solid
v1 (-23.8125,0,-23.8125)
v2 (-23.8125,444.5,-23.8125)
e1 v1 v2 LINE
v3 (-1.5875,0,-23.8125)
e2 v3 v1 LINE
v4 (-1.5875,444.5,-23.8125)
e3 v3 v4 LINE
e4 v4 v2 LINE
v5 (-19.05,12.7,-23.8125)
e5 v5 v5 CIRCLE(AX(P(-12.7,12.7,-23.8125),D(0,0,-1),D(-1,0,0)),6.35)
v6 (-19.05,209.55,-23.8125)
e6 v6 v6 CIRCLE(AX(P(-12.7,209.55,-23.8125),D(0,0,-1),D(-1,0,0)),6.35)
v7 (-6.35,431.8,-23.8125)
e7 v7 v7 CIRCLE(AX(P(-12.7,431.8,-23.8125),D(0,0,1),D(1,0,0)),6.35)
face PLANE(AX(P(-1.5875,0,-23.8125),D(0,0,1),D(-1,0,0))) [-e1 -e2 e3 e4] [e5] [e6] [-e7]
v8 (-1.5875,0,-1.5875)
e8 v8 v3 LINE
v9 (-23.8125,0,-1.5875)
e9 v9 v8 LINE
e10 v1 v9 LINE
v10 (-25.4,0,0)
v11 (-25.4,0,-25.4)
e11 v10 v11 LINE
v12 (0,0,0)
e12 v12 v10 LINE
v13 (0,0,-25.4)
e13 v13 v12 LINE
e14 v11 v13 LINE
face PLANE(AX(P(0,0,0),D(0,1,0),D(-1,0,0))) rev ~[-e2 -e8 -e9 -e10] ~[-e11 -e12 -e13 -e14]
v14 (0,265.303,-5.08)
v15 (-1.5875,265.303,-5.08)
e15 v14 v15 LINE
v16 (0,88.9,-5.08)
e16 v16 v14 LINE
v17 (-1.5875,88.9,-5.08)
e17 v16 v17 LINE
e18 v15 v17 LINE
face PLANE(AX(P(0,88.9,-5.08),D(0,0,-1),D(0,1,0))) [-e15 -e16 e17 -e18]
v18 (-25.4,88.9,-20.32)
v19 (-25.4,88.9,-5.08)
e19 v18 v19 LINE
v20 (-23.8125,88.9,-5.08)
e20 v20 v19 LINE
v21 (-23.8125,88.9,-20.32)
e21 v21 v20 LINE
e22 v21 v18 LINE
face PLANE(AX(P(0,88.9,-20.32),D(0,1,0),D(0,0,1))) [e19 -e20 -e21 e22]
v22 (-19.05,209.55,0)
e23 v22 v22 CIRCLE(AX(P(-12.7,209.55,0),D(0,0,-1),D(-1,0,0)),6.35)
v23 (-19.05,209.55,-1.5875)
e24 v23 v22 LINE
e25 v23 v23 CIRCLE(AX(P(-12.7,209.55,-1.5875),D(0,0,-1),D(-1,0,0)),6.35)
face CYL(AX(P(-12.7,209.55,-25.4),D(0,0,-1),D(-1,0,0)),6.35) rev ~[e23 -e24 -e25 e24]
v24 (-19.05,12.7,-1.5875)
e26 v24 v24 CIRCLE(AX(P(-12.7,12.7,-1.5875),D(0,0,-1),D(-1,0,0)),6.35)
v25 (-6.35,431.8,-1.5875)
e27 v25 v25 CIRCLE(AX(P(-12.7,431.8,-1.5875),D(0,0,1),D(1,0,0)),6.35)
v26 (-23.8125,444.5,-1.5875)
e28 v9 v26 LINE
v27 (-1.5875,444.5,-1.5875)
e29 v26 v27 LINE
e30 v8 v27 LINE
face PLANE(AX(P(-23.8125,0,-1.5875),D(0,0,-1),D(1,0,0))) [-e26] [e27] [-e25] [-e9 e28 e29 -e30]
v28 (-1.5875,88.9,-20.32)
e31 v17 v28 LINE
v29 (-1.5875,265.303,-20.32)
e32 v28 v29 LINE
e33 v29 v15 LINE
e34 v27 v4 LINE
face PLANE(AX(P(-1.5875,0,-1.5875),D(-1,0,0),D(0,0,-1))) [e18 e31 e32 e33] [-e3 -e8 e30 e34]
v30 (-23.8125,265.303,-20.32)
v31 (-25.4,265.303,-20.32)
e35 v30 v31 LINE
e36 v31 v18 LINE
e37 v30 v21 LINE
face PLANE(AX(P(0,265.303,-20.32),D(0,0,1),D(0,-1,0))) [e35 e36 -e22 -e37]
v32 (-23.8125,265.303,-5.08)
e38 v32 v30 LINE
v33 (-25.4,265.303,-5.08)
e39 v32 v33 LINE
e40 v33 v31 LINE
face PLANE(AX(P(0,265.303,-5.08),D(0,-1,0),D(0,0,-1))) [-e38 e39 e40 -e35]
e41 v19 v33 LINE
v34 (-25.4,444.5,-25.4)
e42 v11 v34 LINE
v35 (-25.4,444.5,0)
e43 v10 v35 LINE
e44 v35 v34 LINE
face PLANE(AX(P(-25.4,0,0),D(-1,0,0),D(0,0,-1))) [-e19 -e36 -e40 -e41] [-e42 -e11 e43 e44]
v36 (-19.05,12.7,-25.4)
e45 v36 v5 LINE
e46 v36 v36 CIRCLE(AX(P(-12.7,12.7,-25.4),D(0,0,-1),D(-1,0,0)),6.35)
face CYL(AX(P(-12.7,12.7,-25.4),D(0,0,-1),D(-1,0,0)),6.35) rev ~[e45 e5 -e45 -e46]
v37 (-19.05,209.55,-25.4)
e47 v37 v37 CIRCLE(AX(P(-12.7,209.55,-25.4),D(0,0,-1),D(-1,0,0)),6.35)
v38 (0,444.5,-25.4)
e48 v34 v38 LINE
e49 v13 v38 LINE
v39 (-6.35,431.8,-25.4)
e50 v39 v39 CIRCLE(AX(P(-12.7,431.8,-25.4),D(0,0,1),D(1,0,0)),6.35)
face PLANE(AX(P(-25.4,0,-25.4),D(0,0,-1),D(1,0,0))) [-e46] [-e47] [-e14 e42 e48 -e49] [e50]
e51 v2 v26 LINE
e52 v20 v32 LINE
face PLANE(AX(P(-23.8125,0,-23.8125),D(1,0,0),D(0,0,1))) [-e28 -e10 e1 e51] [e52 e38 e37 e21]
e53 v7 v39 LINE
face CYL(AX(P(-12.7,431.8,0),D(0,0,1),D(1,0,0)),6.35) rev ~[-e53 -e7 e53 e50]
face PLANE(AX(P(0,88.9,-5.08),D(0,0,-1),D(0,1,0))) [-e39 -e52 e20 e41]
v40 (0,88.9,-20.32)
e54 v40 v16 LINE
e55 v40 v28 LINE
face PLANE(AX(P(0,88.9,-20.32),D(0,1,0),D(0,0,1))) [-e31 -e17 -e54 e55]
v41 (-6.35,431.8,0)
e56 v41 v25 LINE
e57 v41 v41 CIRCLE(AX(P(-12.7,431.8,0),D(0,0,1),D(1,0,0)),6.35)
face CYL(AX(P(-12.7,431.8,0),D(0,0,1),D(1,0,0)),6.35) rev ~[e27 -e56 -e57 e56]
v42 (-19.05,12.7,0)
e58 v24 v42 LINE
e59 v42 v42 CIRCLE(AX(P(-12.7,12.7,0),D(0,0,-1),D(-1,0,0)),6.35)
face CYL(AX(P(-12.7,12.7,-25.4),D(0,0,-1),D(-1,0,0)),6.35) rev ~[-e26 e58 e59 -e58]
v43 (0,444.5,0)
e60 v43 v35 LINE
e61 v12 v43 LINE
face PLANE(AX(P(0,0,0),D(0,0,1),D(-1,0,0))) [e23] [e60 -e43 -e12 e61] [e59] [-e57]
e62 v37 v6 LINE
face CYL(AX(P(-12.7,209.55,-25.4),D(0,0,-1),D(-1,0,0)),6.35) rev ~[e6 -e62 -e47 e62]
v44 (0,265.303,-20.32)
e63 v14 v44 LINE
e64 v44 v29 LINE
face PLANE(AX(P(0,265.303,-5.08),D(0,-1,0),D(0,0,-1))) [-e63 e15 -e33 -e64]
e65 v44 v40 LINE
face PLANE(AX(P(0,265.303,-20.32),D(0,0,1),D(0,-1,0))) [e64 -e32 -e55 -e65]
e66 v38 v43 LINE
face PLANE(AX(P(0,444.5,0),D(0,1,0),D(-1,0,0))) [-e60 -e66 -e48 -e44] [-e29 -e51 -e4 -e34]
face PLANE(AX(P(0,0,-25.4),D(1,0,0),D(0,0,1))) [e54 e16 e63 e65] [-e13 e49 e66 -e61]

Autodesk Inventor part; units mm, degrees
ref_plane "YZ Plane" through (0, 0, 0) normal (1, 0, 0) x (0, 1, 0)
ref_plane "XZ Plane" through (0, 0, 0) normal (0, 1, 0) x (-1, 0, 0)
ref_plane "XY Plane" through (0, 0, 0) normal (0, 0, 1) x (1, 0, 0)
sketch "Sketch1" plane through (0, 0, 0) normal (0, 1, 0) x (-1, 0, 0)
  line L0 (0, 0) -> (25.4, 0)
  line L1 (25.4, 0) -> (25.4, -25.4)
  line L2 (25.4, -25.4) -> (0, -25.4)
  line L3 (0, -25.4) -> (0, 0)
  line L4 (23.8125, -23.8125) -> (23.8125, -1.5875)
  line L5 (23.8125, -1.5875) -> (1.5875, -1.5875)
  line L6 (1.5875, -1.5875) -> (1.5875, -23.8125)
  line L7 (1.5875, -23.8125) -> (23.8125, -23.8125)
  dimension "d0" = 25.4
  dimension "d1" = 25.4
  dimension "d2" = 1.5875
extrude "Extrusion1" add sketch "Sketch1" along normal blind 444.5
sketch "Sketch2" plane through (-25.4, 0, 0) normal (0, 0, 1) x (1, 0, 0)
  circle A0 centre (12.7, 431.8) radius 6.35
  line L0 (0, 444.5) -> (25.4, 444.5) projected
  point P0 (25.4, 0)
  dimension "d5" = 12.7
  dimension "d6" = 12.7
extrude "Extrusion2" cut sketch "Sketch2" against normal blind 25.4
sketch "Sketch4" plane through (0, 0, -25.4) normal (0, 0, -1) x (-1, 0, 0)
  circle A0 centre (12.7, 12.7) radius 6.35
  line L0 (25.4, 0) -> (0, 0) projected
  line L1 (0, 0) -> (0, 444.5) projected
  dimension "d17" = 12.7
  dimension "d18" = 12.7
  dimension "d19" = 12.7
extrude "Extrusion4" cut sketch "Sketch4" against normal blind 25.4
sketch "Sketch5" plane through (0, 0, -25.4) normal (0, 0, -1) x (-1, 0, 0)
  circle A0 centre (12.7, 209.55) radius 6.35
  line L0 (0, 0) -> (0, 444.5) projected
  line L1 (0, 444.5) -> (25.4, 444.5) projected
  dimension "d22" = 12.7
  dimension "d23" = 12.7
  dimension "d24" = 234.95
extrude "Extrusion5" cut sketch "Sketch5" against normal blind 25.4
sketch "Sketch6" plane through (0, 0, 0) normal (1, 0, 0) x (0, 0, -1)
  line L0 (5.08, 265.303) -> (20.32, 265.303)
  line L1 (20.32, 265.303) -> (20.32, 88.9)
  line L2 (20.32, 88.9) -> (5.08, 88.9)
  line L3 (5.08, 88.9) -> (5.08, 265.303)
  line L4 (23.8125, 444.5) -> (1.5875, 444.5) projected
  line L5 (25.4, 0) -> (25.4, 444.5) projected
  line L6 (0, 0) -> (0, 444.5) projected
  line L7 (25.4, 0) -> (0, 0) projected
  dimension "d28" = 5.08
  dimension "d29" = 5.08
  dimension "d30" = 176.403
  dimension "d33" = 88.9
extrude "Extrusion6" cut sketch "Sketch6" against normal blind 25.4
properties part number "AP 5"
